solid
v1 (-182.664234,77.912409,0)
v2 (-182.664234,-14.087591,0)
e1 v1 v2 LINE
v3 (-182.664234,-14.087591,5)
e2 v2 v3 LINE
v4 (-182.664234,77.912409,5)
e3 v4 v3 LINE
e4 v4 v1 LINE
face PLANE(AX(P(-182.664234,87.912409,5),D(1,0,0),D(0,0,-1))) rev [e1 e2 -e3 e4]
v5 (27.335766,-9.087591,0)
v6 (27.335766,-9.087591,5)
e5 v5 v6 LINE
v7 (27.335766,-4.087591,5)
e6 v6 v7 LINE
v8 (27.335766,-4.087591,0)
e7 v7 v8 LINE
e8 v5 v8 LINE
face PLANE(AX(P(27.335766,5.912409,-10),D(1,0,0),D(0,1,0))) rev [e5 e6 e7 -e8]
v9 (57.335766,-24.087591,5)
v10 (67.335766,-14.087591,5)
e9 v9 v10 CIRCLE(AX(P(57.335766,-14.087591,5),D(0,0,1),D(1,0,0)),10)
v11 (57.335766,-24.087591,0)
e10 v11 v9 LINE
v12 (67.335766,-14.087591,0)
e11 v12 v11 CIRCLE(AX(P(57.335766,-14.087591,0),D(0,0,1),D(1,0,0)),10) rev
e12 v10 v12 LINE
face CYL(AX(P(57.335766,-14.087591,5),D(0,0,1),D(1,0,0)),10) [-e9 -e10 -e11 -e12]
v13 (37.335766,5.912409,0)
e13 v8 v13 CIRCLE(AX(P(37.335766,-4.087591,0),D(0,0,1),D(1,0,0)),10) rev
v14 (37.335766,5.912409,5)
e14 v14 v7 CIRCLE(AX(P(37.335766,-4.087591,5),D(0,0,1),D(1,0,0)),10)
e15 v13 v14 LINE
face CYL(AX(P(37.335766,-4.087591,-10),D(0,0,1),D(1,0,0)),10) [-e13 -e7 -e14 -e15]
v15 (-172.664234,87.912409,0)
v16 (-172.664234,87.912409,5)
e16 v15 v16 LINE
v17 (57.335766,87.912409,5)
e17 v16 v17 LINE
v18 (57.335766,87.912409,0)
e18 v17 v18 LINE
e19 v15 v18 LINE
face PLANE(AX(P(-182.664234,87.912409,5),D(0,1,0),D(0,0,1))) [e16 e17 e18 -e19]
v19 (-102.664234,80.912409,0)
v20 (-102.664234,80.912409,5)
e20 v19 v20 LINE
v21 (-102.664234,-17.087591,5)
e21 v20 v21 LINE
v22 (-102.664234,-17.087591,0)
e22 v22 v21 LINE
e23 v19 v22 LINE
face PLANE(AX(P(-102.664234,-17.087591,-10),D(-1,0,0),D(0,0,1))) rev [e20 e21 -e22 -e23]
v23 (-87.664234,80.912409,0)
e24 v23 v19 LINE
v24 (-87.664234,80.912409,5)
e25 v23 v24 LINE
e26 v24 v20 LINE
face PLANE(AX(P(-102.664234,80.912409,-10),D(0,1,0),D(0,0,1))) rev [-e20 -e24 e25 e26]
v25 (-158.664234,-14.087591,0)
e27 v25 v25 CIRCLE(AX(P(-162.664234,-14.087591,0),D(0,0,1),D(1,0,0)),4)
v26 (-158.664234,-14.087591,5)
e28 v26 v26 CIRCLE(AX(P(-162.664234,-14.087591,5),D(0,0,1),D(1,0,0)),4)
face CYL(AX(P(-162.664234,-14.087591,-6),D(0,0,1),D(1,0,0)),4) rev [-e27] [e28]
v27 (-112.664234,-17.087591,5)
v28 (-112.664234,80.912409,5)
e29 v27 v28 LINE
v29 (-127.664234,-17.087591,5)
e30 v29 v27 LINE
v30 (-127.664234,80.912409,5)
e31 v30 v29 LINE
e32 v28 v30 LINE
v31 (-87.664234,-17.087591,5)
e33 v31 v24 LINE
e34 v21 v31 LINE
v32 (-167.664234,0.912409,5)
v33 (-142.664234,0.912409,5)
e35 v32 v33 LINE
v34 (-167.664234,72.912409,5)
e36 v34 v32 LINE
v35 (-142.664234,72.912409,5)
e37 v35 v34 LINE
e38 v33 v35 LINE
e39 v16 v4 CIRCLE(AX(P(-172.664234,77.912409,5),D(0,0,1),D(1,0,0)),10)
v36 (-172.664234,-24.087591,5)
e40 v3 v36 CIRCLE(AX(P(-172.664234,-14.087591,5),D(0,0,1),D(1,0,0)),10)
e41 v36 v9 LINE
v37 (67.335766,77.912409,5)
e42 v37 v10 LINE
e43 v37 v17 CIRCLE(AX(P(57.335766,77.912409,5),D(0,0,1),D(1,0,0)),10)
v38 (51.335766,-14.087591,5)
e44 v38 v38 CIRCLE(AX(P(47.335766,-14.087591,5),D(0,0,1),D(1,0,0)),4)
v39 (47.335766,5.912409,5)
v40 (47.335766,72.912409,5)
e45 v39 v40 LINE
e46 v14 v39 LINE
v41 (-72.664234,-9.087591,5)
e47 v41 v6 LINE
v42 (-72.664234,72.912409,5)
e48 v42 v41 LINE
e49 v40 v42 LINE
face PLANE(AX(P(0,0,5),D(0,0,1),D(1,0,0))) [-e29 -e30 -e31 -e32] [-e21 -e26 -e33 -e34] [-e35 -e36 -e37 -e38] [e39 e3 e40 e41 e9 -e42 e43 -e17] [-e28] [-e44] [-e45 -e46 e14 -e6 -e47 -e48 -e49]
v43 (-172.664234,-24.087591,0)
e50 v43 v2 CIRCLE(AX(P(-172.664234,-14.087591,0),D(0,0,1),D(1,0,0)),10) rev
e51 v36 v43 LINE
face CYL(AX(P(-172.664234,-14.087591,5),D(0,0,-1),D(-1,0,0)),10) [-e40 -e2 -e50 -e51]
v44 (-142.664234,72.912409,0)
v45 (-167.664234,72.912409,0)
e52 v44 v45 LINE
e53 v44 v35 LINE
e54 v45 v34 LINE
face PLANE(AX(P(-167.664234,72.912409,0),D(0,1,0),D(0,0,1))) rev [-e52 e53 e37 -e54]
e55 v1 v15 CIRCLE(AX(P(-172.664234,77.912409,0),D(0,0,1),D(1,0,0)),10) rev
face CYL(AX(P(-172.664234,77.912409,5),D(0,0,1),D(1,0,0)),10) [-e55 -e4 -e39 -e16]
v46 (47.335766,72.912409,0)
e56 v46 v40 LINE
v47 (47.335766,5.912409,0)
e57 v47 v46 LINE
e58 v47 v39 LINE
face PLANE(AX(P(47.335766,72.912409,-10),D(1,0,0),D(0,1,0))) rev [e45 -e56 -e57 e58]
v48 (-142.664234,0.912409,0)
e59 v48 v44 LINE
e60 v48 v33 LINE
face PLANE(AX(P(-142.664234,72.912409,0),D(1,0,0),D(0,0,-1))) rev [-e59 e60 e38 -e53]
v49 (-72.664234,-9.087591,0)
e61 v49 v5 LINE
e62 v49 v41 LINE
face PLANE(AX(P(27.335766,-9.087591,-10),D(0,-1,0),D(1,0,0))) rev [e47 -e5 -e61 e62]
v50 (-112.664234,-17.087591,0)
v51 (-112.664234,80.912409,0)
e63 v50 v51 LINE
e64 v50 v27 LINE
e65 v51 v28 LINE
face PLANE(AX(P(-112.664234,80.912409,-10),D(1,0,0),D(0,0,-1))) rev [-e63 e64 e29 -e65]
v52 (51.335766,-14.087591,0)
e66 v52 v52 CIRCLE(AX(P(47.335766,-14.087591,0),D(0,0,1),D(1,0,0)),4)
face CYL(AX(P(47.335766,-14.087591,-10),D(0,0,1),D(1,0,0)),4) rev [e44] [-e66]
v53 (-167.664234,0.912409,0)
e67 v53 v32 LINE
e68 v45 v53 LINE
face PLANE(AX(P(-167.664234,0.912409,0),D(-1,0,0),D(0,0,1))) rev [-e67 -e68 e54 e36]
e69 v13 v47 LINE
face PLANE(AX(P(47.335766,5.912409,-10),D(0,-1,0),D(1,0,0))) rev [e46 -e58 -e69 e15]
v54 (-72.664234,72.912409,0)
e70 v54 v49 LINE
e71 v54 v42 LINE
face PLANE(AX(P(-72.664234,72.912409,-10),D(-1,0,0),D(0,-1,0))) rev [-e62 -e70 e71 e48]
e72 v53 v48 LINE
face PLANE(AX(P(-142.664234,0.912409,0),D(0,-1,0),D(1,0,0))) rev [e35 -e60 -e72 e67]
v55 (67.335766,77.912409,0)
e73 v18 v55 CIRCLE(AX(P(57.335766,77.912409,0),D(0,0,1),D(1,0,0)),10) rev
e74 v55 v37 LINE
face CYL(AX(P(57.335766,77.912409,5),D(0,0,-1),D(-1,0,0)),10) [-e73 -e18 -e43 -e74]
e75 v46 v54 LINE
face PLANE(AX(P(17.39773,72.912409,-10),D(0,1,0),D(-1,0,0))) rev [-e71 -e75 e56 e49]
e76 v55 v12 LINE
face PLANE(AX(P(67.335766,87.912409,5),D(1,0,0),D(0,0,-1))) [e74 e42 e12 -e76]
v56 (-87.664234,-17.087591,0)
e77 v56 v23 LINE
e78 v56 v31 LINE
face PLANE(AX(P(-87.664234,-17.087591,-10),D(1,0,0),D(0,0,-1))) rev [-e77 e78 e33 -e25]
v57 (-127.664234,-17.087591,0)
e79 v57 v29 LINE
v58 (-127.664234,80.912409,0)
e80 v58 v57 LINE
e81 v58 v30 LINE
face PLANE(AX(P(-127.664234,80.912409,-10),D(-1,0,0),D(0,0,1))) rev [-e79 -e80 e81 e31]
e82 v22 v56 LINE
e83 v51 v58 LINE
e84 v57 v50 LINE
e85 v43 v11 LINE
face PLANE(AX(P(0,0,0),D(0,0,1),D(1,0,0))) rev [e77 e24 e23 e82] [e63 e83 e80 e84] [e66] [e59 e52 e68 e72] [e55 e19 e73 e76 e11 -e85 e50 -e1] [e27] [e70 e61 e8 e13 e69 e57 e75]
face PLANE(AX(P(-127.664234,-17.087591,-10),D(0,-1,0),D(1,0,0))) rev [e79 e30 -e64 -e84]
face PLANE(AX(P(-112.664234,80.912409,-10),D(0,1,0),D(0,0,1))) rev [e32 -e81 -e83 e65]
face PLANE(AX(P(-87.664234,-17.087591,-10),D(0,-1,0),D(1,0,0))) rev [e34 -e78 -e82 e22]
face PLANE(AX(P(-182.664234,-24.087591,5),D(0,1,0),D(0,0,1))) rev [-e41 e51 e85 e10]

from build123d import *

# Parameters (mm, degrees)
SKETCH1_W           = 250
SKETCH1_H           = 112
BOSS_EXTRUDE1_DEPTH = 5
SKETCH2_R           = 4
CUT_EXTRUDE1_DEPTH  = 11
SKETCH3_R           = 4
CUT_EXTRUDE2_DEPTH  = 15
SKETCH4_W           = 15
SKETCH4_H           = 98
CUT_EXTRUDE4_DEPTH  = 15
CUT_EXTRUDE5_DEPTH  = 15
FILLET1_R           = 10
SKETCH6_W           = 25
SKETCH6_H           = 72
CUT_EXTRUDE6_DEPTH  = 5


with BuildPart() as part:
    # Sketch1 → Boss-Extrude1 (new body)
    with BuildSketch(Plane.XY):
        with Locations((-57.664233577, 31.912408759)):
            Rectangle(SKETCH1_W, SKETCH1_H)
    extrude(amount=BOSS_EXTRUDE1_DEPTH)

    # Sketch2 → Cut-Extrude1 (cut)
    with BuildSketch(Plane.XY.offset(5)):
        with Locations((-162.664233577, -14.087591241)):
            Circle(SKETCH2_R)
    extrude(amount=-CUT_EXTRUDE1_DEPTH, mode=Mode.SUBTRACT)

    # Sketch3 → Cut-Extrude2 (cut)
    with BuildSketch(Plane.XY.offset(5)):
        with Locations((47.335766423, -14.087591241)):
            Circle(SKETCH3_R)
    extrude(amount=-CUT_EXTRUDE2_DEPTH, mode=Mode.SUBTRACT)

    # Sketch4 → Cut-Extrude4 (cut)
    with BuildSketch(Plane.XY.offset(5)):
        with Locations((-120.164233577, 31.912408759)):
            Rectangle(SKETCH4_W, SKETCH4_H)
        with Locations((-95.164233577, 31.912408759)):
            Rectangle(SKETCH4_W, SKETCH4_H)
    extrude(amount=-CUT_EXTRUDE4_DEPTH, mode=Mode.SUBTRACT)

    # Sketch5 → Cut-Extrude5 (cut)
    with BuildSketch(Plane.XY.offset(5)):
        Polygon((17.397729683, 72.912408759), (-72.664233577, 72.912408759), (-72.664233577, -9.087591241), (27.335766423, -9.087591241), (27.335766423, 5.912408759), (47.335766423, 5.912408759), (47.335766423, 72.912408759), align=None)
    extrude(amount=-CUT_EXTRUDE5_DEPTH, mode=Mode.SUBTRACT)

    # Fillet1
    fillet1_edges = [part.edges().sort_by_distance(p)[0] for p in [
        (27.335766423, 5.912408759, 2.5),
        (-182.664233577, 87.912408759, 2.5),
        (67.335766423, 87.912408759, 2.5),
        (67.335766423, -24.087591241, 2.5),
        (-182.664233577, -24.087591241, 2.5),
    ]]
    fillet(fillet1_edges, radius=FILLET1_R)

    # Sketch6 → Cut-Extrude6 (cut)
    with BuildSketch(Plane.XY.offset(5)):
        with Locations((-155.164233577, 36.912408759)):
            Rectangle(SKETCH6_W, SKETCH6_H)
    extrude(amount=-CUT_EXTRUDE6_DEPTH, mode=Mode.SUBTRACT)


solid = part.part
